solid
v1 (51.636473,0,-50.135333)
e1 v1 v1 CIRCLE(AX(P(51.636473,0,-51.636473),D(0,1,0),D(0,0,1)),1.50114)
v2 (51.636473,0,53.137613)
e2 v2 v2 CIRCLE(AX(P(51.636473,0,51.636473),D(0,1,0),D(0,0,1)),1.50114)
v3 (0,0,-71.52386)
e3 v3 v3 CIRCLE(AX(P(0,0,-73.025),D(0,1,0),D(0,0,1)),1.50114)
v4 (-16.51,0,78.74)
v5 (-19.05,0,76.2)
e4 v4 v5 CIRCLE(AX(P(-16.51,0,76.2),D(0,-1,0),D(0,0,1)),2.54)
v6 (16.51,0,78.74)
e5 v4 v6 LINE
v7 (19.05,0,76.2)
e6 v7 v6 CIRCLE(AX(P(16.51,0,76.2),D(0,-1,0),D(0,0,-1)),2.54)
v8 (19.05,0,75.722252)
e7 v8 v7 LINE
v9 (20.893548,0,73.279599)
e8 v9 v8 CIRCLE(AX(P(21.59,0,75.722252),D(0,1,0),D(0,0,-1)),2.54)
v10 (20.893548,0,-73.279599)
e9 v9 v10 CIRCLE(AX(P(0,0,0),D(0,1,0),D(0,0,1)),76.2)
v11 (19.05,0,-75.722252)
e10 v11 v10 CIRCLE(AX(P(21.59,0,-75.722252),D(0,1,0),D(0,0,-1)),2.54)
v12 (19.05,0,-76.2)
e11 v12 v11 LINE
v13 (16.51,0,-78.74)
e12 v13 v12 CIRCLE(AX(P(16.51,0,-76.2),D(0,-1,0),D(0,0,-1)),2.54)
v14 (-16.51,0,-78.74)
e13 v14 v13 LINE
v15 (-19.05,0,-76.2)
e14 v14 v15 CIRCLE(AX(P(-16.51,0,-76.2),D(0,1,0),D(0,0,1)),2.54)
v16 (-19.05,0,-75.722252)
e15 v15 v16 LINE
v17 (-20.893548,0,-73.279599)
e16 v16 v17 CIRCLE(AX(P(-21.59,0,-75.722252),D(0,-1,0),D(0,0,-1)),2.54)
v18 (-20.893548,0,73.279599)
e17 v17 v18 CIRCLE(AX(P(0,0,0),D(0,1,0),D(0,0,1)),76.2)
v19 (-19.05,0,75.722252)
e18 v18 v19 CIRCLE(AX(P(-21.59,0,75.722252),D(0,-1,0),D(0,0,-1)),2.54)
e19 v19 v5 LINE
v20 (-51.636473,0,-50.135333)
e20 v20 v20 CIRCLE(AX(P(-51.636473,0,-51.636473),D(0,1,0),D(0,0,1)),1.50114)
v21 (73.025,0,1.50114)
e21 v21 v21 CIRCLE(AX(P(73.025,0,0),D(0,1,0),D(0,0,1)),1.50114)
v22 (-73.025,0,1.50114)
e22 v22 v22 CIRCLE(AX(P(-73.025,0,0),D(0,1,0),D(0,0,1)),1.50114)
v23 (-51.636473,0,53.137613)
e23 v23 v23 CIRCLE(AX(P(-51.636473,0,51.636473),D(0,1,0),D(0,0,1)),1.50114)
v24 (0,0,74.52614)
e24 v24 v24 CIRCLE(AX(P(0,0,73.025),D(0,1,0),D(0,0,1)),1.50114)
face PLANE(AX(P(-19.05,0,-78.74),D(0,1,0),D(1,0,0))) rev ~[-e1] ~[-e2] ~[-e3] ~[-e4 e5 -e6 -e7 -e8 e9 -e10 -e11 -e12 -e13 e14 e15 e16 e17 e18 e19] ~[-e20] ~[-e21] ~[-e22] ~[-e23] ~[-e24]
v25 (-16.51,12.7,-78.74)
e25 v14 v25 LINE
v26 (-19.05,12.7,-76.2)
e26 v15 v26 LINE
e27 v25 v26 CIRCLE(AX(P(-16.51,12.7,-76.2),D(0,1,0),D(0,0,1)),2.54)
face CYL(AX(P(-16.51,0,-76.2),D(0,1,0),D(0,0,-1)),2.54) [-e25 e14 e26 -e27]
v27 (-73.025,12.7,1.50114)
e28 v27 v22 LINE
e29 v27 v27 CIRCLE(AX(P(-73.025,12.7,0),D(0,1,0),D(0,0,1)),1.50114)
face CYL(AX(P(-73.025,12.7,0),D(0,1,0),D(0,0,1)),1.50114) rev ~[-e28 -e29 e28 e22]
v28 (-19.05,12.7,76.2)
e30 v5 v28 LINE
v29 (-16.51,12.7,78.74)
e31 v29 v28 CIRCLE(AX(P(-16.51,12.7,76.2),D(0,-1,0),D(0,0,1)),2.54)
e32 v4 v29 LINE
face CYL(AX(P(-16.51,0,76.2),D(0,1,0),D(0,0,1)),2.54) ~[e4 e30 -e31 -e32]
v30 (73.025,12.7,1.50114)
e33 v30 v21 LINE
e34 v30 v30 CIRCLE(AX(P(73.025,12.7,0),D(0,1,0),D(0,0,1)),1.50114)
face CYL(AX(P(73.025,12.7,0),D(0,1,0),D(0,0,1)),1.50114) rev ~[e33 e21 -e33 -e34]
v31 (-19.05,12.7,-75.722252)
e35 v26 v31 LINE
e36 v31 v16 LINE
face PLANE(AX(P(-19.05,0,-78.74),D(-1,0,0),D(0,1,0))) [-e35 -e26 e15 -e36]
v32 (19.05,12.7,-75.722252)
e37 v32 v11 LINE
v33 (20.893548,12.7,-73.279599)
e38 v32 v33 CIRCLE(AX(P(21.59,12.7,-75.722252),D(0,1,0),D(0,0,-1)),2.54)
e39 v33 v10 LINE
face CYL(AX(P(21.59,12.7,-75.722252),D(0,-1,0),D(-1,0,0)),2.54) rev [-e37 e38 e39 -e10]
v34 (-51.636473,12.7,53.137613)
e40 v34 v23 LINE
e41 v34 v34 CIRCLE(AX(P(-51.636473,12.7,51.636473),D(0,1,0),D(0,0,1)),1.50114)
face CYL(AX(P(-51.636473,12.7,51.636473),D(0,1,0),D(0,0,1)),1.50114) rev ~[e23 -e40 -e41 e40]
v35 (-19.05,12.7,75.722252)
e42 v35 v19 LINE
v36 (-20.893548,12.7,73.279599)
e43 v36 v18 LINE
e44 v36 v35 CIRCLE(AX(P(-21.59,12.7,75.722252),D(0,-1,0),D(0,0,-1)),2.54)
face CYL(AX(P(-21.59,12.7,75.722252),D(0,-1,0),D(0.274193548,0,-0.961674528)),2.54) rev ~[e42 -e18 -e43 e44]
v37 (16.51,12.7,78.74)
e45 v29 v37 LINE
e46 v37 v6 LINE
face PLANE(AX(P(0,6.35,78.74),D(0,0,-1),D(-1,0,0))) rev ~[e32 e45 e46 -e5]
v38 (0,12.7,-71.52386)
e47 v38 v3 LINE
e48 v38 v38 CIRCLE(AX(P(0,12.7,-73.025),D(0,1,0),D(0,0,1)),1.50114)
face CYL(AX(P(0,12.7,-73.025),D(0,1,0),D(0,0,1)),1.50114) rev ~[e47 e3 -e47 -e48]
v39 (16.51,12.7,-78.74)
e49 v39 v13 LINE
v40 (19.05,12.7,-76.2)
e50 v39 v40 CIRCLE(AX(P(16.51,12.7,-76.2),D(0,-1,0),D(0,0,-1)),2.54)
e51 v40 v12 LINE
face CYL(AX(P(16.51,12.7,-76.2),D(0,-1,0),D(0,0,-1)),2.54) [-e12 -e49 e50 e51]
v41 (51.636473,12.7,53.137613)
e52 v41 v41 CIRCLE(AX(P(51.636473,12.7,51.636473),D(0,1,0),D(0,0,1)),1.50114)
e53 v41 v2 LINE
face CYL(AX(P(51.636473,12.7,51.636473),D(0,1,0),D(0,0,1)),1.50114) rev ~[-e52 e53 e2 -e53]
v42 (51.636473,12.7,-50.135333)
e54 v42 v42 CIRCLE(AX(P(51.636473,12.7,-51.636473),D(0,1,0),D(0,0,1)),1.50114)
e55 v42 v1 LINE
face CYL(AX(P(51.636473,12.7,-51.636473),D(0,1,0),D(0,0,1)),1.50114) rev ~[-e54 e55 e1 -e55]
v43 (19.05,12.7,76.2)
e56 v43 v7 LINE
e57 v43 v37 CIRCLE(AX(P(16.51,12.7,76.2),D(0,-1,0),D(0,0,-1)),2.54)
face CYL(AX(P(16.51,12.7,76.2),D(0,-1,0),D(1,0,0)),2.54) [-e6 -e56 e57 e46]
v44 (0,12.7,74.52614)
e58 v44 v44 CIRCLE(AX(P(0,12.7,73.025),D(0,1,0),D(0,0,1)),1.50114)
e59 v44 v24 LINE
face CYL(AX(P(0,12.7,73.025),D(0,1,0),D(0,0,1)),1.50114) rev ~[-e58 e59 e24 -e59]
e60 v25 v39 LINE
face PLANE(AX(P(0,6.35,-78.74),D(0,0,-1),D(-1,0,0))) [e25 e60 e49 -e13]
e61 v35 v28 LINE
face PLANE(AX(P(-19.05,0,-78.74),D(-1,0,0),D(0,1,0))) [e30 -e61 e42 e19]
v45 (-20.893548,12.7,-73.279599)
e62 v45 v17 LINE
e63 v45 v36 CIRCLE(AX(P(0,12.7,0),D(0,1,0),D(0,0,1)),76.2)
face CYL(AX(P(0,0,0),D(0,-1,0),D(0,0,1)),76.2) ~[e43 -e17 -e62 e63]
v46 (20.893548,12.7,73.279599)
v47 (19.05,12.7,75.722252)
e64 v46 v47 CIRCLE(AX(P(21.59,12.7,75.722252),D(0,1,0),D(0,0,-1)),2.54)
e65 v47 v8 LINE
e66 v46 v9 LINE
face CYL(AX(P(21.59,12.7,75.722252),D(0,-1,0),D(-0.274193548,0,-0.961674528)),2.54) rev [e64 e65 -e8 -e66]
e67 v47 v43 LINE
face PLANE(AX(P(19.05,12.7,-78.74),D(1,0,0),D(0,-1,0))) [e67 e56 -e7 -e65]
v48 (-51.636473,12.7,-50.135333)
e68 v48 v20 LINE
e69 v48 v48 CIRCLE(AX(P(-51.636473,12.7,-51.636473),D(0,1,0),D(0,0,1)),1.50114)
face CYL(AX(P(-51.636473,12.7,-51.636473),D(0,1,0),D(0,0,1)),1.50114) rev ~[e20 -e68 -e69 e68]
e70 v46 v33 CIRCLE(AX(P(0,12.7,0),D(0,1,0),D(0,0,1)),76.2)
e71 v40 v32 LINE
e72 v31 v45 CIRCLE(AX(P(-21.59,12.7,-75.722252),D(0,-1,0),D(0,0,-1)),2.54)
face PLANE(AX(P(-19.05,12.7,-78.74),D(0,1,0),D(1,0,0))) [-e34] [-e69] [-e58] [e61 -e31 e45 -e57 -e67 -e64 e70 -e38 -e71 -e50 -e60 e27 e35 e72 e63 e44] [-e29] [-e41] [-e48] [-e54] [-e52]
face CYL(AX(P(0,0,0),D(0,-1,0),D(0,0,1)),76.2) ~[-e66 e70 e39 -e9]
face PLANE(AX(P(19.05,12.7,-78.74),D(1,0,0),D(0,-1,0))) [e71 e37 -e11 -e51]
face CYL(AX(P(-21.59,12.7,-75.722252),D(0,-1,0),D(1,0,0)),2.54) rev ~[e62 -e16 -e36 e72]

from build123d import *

# Parameters (mm, degrees)
SKETCH2_R                = 76.2
BOSS_EXTRUDE1_DEPTH      = 12.7
BOSS_EXTRUDE2_DEPTH      = 78.74
BOSS_EXTRUDE2_DEPTH_BACK = 78.74
FILLET1_R                = 2.54
SKETCH4_R                = 1.50114
CUT_EXTRUDE1_DEPTH       = 111.307377813


with BuildPart() as part:
    # Sketch2 → Boss-Extrude1 (new body)
    with BuildSketch(Plane(origin=(0, 0, 0), x_dir=(1, 0, 0), z_dir=(0, 1, 0))):
        with Locations(Location((0, 0, 0), (0, 0, 270))):
            Circle(SKETCH2_R)
    extrude(amount=BOSS_EXTRUDE1_DEPTH)

    # Sketch3 → Boss-Extrude2 (add, two sides: drawn at the far end of the back side and taken through both)
    with BuildSketch(Plane.XY.offset(-BOSS_EXTRUDE2_DEPTH_BACK)):
        Polygon((0, 0), (-19.05, 0), (-19.05, 12.7), (19.05, 12.7), (19.05, 0), align=None)
    extrude(amount=BOSS_EXTRUDE2_DEPTH + BOSS_EXTRUDE2_DEPTH_BACK)

    # Fillet1
    fillet1_edges = [part.edges().sort_by_distance(p)[0] for p in [
        (-19.05, 6.35, -78.74),
        (19.05, 6.35, -78.74),
        (-19.05, 6.35, -73.780332745),
        (-19.05, 6.35, 73.780332745),
        (19.05, 6.35, 73.780332745),
        (19.05, 6.35, -73.780332745),
        (19.05, 6.35, 78.74),
        (-19.05, 6.35, 78.74),
    ]]
    fillet(fillet1_edges, radius=FILLET1_R)

    # Sketch4 → Cut-Extrude1 (cut, through all)
    with BuildSketch(Plane(origin=(0, 12.7, 0), x_dir=(1, 0, 0), z_dir=(0, 1, 0))):
        with Locations(Location((73.025, 0, 0), (0, 0, 270))):
            Circle(SKETCH4_R)
        with Locations(Location((51.636472696, -51.636472696, 0), (0, 0, 270))):
            Circle(SKETCH4_R)
        with Locations(Location((0, -73.025, 0), (0, 0, 270))):
            Circle(SKETCH4_R)
        with Locations(Location((-51.636472696, -51.636472696, 0), (0, 0, 270))):
            Circle(SKETCH4_R)
        with Locations(Location((-73.025, 0, 0), (0, 0, 270))):
            Circle(SKETCH4_R)
        with Locations(Location((-51.636472696, 51.636472696, 0), (0, 0, 270))):
            Circle(SKETCH4_R)
        with Locations(Location((0, 73.025, 0), (0, 0, 270))):
            Circle(SKETCH4_R)
        with Locations(Location((51.636472696, 51.636472696, 0), (0, 0, 270))):
            Circle(SKETCH4_R)
    extrude(amount=-CUT_EXTRUDE1_DEPTH, mode=Mode.SUBTRACT)


solid = part.part
